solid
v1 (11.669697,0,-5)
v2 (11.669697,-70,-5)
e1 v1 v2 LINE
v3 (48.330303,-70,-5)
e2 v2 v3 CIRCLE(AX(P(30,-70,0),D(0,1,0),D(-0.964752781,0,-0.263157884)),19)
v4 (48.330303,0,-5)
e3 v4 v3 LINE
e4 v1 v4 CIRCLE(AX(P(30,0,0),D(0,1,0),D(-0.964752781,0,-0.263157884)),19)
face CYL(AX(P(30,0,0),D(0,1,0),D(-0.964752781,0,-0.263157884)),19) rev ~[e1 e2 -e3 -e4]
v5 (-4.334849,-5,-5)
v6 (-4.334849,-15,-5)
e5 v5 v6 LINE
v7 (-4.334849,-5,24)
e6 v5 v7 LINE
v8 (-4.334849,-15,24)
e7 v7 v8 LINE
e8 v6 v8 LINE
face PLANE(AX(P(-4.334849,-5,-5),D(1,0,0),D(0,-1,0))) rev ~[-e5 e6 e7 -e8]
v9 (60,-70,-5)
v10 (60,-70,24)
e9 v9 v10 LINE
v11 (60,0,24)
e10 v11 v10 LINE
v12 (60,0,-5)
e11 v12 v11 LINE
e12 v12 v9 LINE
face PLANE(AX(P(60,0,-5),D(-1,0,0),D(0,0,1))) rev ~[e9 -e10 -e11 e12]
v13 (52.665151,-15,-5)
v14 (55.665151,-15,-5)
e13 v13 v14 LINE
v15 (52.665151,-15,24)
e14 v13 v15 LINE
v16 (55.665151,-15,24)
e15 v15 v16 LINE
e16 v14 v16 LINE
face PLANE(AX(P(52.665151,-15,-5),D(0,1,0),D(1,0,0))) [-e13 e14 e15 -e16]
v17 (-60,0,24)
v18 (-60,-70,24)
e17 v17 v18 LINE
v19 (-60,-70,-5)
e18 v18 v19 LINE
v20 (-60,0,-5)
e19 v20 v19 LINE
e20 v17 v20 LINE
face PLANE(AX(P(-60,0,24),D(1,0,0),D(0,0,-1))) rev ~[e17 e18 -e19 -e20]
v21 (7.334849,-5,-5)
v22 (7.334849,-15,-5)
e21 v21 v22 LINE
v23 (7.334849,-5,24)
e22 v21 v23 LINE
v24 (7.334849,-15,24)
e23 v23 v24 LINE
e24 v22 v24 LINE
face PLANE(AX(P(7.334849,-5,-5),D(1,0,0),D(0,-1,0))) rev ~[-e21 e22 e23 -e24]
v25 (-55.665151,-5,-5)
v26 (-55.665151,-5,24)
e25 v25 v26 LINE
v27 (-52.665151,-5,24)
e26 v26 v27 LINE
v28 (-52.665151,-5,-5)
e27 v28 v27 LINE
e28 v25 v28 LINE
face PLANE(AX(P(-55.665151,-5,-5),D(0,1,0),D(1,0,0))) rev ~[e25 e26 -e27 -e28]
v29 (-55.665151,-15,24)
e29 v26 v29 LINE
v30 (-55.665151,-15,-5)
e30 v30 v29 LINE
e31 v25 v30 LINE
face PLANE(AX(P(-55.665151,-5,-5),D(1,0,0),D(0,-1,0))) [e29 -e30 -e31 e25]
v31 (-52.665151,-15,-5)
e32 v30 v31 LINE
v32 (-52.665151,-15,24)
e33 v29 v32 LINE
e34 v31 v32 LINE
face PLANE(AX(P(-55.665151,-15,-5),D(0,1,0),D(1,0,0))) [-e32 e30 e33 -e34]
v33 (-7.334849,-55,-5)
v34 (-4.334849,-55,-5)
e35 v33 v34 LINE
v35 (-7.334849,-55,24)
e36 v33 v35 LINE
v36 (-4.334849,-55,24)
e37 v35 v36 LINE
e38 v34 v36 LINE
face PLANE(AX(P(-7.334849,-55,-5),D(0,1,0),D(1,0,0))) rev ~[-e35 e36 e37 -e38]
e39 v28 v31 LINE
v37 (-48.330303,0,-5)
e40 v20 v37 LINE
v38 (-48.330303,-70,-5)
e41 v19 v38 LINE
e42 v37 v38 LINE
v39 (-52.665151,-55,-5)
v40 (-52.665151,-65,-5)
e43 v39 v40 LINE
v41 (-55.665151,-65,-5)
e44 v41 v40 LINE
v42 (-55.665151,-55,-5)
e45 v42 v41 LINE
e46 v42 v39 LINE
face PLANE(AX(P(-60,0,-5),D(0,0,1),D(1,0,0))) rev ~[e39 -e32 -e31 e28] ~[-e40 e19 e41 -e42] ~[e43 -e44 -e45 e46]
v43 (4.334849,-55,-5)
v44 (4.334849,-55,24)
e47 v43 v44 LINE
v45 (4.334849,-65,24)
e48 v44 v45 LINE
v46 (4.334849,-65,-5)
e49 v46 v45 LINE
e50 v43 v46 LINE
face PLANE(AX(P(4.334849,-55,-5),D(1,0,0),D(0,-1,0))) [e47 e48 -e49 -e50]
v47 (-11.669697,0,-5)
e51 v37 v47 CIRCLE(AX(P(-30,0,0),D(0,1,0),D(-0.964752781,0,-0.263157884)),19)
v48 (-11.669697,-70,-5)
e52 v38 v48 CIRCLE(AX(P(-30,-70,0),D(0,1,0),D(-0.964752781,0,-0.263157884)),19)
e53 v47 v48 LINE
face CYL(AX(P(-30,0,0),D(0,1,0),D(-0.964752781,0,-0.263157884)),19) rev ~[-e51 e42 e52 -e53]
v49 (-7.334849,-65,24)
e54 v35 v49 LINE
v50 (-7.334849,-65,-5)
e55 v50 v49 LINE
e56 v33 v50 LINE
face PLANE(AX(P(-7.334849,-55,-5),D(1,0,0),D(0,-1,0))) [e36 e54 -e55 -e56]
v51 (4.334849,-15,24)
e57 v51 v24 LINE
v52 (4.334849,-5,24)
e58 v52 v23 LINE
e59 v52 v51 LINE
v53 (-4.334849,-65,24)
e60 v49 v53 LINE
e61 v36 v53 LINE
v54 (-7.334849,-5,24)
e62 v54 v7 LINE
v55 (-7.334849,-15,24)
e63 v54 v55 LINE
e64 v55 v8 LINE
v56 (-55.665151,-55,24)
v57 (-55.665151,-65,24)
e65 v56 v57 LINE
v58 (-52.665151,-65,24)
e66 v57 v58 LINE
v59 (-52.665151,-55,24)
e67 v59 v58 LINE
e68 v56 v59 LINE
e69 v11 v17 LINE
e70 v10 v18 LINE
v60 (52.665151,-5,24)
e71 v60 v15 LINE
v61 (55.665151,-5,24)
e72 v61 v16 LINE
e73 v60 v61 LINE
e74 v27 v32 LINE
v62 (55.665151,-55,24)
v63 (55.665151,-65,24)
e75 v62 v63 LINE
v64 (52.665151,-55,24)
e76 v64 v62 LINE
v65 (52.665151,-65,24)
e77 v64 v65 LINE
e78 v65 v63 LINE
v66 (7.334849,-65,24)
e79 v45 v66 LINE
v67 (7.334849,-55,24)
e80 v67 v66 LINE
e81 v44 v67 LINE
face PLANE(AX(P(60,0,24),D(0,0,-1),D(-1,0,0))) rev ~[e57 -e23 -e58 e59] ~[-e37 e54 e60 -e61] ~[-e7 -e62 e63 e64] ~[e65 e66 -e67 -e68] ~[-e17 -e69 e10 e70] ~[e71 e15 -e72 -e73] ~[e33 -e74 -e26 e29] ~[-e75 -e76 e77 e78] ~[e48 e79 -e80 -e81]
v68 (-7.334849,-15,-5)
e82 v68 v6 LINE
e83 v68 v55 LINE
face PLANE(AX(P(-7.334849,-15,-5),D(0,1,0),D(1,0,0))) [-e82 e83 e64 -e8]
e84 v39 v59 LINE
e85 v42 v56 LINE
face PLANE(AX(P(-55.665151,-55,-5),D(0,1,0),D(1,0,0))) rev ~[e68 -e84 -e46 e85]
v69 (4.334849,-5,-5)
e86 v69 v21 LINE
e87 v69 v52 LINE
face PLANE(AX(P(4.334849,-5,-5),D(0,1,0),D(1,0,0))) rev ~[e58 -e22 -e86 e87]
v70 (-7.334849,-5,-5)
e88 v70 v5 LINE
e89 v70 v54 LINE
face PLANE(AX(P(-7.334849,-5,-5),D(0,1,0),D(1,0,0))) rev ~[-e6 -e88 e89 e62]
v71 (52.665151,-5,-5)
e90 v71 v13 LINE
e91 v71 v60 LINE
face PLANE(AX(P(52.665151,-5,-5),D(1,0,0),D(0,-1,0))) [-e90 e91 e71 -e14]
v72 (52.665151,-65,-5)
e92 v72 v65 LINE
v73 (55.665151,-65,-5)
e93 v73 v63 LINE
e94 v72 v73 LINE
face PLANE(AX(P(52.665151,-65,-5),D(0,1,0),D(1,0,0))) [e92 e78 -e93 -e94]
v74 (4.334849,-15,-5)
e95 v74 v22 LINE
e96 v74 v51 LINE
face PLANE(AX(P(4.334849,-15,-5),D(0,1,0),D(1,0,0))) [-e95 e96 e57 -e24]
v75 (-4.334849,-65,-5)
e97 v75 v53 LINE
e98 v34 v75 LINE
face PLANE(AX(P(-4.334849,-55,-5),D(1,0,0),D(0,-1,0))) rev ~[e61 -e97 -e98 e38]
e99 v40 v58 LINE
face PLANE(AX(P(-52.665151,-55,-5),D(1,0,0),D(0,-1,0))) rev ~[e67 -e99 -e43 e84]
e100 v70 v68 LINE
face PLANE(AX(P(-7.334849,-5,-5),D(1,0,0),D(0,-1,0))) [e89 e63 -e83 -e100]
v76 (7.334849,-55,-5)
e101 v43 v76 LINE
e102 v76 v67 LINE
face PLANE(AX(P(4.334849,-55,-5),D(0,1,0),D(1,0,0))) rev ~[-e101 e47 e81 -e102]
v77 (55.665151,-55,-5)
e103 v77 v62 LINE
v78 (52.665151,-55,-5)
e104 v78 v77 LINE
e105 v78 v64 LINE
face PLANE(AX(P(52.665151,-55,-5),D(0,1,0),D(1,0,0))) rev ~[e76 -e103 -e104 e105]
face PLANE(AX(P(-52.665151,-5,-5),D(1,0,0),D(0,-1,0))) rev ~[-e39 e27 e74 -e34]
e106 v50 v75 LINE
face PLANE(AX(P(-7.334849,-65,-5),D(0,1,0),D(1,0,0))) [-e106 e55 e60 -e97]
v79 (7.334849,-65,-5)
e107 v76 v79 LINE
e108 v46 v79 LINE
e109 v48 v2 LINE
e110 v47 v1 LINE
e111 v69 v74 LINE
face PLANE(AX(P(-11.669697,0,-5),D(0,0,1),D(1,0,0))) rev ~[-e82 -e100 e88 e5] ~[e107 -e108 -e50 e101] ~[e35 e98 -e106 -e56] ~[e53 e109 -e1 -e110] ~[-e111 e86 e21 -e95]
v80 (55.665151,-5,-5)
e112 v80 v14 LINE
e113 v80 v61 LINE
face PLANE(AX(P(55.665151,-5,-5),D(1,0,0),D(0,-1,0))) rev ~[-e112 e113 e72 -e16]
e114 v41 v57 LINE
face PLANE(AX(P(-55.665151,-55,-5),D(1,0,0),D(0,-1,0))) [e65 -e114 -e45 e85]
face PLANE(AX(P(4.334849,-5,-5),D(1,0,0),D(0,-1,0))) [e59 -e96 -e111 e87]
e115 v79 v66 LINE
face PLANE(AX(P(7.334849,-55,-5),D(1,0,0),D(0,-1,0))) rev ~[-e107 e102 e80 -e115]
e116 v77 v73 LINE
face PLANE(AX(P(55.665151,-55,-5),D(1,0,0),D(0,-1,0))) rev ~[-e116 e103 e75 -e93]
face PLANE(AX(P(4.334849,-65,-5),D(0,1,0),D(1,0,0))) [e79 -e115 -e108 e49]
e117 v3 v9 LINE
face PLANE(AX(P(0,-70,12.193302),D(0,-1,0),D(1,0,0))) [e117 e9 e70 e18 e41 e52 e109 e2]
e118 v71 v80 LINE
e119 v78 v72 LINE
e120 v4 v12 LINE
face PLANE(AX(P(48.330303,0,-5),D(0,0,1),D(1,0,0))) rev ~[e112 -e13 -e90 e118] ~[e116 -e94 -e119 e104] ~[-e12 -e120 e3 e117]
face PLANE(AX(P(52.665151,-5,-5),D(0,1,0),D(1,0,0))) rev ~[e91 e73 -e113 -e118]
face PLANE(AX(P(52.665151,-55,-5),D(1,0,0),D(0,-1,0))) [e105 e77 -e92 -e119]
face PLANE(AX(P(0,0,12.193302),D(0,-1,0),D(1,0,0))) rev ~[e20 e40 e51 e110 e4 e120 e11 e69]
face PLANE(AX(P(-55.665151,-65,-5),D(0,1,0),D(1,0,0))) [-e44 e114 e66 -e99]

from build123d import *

# Parameters (mm, degrees)
F1_DEPTH = 70
F2_W     = 3
F2_H     = 10
F3_DEPTH = 29.001


with BuildPart() as f1:
    # F0 (on Front) → F1 (new body)
    with BuildSketch(Plane.XZ):
        with BuildLine():
            ThreePointArc((-48.330303, -5), (-30, 19), (-11.669697, -5))
            Line((-11.669697, -5), (0, -5))
            Line((0, -5), (11.669697, -5))
            ThreePointArc((11.669697, -5), (30, 19), (48.330303, -5))
            Line((48.330303, -5), (60, -5))
            Line((60, -5), (60, 24))
            Line((60, 24), (0, 24))
            Line((0, 24), (-60, 24))
            Line((-60, 24), (-60, -5))
            Line((-60, -5), (-48.330303, -5))
        make_face()
    extrude(amount=F1_DEPTH)

    # F2 (on face) → F3 (cut, through all)
    with BuildSketch(Plane(origin=(0, 0, -5), x_dir=(1, 0, 0), z_dir=(0, 0, -1))):
        with Locations((-54.165151, 60)):
            Rectangle(F2_W, F2_H)
        with Locations((-5.834849, 60)):
            Rectangle(F2_W, F2_H)
        with Locations((-5.834849, 10)):
            Rectangle(F2_W, F2_H)
        with Locations((-54.165151, 10)):
            Rectangle(F2_W, F2_H)
        with Locations((54.165151, 60)):
            Rectangle(F2_W, F2_H)
        with Locations((54.165151, 10)):
            Rectangle(F2_W, F2_H)
        with Locations((5.834849, 10)):
            Rectangle(F2_W, F2_H)
        with Locations((5.834849, 60)):
            Rectangle(F2_W, F2_H)
    extrude(amount=-F3_DEPTH, mode=Mode.SUBTRACT)


solid = f1.part
